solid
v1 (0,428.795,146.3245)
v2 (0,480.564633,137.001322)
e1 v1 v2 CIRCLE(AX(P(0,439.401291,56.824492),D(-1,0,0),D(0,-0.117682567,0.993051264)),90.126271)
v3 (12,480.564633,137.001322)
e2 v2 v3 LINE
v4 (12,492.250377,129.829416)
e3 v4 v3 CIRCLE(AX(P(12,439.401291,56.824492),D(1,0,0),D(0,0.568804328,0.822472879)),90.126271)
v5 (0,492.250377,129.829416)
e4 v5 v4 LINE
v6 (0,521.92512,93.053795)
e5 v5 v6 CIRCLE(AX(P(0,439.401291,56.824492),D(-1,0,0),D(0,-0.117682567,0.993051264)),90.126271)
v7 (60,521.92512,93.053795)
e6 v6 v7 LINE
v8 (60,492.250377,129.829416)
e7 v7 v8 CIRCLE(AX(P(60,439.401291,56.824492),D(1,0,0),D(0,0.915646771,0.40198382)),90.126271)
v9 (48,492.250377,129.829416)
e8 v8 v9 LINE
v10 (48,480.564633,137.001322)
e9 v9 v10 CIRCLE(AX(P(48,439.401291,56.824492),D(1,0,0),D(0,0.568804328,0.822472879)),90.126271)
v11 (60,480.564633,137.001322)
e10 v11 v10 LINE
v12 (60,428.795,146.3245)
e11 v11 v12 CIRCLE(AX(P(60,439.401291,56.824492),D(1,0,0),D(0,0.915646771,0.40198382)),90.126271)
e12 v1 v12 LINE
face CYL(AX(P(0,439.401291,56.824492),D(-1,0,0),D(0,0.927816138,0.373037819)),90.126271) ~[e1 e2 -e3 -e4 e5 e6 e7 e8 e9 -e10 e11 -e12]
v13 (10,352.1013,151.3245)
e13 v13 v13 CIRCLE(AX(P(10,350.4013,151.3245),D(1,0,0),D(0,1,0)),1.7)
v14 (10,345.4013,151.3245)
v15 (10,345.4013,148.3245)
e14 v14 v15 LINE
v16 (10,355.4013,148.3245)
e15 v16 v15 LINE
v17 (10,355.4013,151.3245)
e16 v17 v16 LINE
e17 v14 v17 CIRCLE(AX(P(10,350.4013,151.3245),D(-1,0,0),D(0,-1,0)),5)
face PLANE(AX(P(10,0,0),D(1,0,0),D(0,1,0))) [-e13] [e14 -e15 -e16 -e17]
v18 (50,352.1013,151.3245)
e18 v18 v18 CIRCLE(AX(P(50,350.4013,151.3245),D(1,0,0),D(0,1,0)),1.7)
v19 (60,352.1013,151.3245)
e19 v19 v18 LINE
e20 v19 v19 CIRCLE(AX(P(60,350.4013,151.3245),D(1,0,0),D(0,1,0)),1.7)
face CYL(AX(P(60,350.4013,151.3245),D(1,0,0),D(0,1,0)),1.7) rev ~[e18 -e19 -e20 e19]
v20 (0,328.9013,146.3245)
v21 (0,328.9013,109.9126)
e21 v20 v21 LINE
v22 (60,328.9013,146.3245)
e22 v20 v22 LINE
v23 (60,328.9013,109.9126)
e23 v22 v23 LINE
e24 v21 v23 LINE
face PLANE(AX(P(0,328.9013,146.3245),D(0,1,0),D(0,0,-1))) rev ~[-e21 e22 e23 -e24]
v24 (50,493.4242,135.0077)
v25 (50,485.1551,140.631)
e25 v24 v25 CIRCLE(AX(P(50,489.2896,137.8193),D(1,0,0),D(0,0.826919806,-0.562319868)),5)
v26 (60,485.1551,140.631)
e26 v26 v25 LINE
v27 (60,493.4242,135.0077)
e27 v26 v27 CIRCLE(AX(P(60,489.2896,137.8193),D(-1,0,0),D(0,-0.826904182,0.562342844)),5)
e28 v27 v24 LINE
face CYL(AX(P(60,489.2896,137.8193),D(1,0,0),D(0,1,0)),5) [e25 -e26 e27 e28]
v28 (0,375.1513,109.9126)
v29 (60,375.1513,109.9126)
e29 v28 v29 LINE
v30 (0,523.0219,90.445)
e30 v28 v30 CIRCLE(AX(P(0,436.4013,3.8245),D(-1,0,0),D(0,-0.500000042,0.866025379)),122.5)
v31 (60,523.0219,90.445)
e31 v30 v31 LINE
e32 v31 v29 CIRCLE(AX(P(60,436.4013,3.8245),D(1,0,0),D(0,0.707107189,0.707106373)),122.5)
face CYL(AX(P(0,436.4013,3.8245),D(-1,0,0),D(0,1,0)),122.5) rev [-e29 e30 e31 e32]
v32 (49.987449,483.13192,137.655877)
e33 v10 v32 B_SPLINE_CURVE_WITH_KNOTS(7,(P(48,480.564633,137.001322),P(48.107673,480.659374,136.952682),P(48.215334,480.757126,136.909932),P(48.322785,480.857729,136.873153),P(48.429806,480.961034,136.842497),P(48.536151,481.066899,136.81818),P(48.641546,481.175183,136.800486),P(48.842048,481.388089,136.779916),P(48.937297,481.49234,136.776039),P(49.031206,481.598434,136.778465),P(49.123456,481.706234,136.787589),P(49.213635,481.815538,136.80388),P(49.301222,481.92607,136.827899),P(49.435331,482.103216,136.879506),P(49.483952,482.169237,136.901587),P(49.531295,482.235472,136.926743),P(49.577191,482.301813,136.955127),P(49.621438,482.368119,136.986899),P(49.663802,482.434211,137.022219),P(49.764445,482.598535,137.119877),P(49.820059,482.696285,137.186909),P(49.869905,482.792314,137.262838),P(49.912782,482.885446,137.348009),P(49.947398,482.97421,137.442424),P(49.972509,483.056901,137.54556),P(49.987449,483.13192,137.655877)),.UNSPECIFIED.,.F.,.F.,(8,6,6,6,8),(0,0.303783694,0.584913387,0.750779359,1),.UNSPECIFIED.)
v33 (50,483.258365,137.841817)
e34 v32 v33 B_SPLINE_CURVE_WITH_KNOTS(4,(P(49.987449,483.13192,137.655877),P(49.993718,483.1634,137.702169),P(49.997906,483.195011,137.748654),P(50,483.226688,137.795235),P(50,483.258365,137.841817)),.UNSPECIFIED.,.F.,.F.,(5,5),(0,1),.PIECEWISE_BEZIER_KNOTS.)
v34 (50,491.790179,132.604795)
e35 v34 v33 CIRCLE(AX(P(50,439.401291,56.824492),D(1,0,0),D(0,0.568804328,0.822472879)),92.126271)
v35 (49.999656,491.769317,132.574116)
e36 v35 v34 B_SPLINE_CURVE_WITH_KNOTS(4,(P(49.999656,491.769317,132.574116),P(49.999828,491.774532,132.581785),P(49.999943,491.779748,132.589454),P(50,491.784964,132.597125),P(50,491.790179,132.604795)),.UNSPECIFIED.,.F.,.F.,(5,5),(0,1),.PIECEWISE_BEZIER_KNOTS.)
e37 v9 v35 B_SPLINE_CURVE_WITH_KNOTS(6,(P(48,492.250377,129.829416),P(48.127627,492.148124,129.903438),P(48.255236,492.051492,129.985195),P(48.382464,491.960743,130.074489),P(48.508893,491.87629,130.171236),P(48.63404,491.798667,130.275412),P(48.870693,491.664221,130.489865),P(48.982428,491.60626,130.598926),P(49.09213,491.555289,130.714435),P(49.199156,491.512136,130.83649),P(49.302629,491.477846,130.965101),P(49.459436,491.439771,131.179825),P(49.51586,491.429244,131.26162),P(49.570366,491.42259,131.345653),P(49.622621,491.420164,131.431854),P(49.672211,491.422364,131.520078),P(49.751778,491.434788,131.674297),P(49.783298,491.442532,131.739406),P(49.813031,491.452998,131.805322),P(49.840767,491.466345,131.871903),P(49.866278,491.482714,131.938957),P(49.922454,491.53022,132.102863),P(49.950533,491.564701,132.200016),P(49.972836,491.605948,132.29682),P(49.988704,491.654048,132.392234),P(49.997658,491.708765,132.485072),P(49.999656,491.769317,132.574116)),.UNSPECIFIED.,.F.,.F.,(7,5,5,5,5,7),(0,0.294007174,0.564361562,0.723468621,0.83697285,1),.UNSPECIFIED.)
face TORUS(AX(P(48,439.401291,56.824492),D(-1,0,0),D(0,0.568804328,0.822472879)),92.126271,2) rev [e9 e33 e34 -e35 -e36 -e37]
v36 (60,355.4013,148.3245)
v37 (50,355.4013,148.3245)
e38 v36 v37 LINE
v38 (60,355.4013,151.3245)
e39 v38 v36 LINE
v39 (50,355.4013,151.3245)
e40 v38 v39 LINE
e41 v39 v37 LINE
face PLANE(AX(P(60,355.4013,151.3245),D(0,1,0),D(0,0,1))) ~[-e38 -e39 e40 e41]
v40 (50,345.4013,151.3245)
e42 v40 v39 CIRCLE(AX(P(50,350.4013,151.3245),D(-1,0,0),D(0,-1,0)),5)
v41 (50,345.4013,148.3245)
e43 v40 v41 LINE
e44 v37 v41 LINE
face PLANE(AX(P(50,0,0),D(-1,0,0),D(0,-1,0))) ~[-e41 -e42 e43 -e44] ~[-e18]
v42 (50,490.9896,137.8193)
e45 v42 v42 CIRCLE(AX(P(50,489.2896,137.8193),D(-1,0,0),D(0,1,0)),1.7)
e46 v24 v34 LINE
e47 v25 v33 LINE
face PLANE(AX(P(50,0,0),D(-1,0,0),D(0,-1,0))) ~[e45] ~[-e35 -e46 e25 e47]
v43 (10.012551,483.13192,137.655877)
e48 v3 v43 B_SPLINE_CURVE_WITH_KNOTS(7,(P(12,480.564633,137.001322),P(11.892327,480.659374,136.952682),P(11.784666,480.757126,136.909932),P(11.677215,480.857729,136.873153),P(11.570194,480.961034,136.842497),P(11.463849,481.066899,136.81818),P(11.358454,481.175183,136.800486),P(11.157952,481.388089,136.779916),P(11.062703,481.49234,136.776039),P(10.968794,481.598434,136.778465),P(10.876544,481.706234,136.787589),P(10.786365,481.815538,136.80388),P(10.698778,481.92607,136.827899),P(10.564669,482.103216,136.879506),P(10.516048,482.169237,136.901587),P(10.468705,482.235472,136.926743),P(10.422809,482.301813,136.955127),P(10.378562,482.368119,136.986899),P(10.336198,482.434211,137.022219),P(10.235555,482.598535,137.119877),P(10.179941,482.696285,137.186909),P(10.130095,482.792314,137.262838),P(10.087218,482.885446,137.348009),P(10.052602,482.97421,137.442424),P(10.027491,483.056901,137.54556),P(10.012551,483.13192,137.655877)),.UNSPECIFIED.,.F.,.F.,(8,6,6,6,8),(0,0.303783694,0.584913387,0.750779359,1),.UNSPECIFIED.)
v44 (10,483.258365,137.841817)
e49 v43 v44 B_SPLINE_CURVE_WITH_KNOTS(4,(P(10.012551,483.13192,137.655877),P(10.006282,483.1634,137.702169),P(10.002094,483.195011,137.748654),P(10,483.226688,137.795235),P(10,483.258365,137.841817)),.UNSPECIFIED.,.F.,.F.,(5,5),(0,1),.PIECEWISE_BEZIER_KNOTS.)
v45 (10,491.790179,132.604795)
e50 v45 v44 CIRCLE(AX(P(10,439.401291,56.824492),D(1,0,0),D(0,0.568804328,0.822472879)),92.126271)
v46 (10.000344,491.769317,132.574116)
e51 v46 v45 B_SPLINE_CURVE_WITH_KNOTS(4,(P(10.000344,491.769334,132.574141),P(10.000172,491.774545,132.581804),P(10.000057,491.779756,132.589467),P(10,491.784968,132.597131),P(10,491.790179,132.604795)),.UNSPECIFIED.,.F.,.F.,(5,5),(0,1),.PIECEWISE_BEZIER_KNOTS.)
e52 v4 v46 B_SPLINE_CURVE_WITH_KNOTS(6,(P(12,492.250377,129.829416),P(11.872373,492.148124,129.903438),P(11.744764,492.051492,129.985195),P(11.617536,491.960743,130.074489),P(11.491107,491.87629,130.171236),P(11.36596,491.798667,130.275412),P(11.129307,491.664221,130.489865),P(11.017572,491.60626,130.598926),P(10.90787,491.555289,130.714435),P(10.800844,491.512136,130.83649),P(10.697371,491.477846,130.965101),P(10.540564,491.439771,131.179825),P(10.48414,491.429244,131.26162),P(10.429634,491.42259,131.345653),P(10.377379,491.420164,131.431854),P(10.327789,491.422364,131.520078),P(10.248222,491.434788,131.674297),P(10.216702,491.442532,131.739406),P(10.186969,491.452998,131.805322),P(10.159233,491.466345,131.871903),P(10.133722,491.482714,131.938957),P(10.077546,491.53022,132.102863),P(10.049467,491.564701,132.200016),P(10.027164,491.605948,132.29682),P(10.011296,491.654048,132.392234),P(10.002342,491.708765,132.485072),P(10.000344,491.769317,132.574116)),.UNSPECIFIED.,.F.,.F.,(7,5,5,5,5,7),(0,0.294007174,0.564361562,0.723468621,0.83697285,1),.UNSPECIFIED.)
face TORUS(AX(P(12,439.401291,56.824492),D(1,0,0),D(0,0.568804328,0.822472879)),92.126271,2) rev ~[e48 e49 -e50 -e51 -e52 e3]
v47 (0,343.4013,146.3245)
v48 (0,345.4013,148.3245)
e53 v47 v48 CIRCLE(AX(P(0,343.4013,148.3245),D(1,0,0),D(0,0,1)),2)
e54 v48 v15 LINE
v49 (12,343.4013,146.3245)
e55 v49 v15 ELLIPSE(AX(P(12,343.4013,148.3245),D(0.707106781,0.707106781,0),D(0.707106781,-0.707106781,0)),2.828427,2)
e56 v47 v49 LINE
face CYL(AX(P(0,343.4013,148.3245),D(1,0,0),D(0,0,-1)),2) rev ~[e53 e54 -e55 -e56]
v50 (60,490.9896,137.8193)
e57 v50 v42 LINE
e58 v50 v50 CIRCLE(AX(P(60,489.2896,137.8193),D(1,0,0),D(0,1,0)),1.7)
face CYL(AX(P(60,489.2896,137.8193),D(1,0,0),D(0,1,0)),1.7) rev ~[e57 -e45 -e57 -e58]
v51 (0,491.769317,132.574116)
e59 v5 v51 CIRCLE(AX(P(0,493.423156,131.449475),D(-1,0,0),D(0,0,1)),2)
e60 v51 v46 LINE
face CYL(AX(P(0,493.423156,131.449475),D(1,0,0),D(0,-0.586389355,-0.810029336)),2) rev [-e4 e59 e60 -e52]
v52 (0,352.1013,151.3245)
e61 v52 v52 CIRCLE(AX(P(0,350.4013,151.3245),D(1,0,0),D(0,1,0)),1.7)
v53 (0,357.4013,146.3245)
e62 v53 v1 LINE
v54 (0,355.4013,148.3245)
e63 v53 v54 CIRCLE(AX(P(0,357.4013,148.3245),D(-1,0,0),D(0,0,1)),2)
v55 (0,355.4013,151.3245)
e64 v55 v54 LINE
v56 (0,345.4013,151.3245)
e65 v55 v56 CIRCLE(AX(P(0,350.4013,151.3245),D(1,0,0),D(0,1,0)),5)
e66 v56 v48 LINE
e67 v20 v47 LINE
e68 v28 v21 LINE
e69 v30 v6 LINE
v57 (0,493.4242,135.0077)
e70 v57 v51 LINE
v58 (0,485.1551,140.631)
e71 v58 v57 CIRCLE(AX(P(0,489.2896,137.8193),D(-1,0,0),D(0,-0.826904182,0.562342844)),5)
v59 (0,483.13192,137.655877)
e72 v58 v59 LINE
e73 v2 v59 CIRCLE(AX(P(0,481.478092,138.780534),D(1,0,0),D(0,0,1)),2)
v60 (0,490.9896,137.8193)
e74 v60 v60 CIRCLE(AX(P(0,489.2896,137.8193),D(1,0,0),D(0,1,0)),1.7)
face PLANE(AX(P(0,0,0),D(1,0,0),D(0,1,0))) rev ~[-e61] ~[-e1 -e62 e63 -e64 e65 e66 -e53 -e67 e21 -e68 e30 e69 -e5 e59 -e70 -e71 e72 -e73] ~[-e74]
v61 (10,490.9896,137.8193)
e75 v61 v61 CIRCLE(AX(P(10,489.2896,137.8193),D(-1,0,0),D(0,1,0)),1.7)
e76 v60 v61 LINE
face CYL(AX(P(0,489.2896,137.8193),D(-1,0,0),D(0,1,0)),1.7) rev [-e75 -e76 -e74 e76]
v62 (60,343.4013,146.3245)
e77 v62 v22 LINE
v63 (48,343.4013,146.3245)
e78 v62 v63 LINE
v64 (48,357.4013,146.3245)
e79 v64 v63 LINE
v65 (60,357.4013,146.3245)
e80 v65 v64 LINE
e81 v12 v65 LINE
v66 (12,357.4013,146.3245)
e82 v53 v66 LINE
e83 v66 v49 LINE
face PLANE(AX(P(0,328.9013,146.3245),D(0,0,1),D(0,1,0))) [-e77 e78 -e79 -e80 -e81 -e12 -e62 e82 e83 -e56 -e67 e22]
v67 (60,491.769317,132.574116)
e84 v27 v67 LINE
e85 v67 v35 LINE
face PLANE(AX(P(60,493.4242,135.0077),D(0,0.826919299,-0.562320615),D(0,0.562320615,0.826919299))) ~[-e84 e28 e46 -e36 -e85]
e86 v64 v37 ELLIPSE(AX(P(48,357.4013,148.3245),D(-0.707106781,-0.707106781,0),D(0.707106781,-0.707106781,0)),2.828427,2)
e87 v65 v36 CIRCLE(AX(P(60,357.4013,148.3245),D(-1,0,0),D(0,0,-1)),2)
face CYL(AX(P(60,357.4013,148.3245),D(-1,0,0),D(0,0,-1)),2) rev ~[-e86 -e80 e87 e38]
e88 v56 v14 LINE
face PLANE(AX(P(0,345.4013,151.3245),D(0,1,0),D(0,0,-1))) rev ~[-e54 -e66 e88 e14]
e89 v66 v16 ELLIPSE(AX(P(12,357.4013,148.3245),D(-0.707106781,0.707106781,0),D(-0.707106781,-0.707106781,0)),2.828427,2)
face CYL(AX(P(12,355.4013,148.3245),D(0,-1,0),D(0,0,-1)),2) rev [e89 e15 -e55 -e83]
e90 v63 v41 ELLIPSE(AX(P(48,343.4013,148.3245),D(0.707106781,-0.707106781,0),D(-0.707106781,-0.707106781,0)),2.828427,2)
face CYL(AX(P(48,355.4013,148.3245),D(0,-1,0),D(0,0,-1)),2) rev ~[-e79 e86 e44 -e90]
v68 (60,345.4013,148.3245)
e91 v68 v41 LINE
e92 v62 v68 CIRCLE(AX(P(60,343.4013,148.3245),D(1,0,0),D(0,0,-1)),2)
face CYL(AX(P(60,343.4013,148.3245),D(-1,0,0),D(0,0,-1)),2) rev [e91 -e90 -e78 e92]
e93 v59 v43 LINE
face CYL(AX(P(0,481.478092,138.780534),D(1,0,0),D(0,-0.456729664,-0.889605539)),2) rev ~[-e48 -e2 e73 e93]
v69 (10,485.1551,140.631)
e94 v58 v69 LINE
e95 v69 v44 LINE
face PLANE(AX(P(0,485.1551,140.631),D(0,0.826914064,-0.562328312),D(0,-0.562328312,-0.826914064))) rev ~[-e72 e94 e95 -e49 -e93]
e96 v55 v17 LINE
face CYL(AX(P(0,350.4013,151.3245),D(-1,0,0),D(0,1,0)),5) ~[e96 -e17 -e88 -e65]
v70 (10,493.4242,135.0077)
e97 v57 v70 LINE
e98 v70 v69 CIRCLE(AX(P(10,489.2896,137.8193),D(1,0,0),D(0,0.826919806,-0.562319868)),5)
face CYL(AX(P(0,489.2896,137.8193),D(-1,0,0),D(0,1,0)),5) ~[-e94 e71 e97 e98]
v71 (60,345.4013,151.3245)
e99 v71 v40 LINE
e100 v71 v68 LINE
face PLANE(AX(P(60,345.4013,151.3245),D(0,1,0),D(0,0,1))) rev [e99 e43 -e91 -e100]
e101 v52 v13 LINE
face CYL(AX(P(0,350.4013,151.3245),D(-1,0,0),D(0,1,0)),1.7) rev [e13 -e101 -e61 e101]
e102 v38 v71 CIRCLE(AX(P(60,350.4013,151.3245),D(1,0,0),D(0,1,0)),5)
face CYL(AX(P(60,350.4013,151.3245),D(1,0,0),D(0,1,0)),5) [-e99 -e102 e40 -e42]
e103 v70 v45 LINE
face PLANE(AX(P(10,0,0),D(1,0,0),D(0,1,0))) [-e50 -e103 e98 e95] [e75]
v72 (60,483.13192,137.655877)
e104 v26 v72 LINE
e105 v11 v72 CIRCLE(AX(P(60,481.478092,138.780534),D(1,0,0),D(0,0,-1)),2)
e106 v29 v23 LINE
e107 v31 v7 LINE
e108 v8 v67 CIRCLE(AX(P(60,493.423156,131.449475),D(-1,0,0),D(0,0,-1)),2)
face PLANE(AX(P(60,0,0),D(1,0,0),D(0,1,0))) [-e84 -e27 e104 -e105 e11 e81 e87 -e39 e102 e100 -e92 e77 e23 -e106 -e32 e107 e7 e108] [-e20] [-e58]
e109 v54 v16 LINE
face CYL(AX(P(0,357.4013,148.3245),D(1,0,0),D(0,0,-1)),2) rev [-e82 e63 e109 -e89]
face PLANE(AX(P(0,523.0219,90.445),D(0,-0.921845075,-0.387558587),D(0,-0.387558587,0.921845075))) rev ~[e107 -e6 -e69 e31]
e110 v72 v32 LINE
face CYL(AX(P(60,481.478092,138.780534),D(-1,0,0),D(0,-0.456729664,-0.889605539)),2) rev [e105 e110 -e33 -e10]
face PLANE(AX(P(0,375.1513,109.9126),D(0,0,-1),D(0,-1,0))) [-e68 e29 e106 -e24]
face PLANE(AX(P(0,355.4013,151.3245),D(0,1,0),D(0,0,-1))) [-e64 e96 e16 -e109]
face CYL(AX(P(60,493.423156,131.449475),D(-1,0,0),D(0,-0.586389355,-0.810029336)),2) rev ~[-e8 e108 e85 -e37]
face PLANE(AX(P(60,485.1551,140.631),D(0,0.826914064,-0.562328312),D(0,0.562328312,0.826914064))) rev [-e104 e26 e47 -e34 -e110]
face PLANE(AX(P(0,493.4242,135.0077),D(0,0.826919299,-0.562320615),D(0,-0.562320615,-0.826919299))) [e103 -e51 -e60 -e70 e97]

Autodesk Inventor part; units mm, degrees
ref_plane "YZ Plane" through (0, 0, 0) normal (1, 0, 0) x (0, 1, 0)
ref_plane "XZ Plane" through (0, 0, 0) normal (0, 1, 0) x (-1, 0, 0)
sketch "スケッチ3" plane through (0, 0, 0) normal (1, 0, 0) x (0, 1, 0)
  circle A0 centre (436.4013, 3.8245) radius 122.5
  line L0 (299.9013, 146.3245) -> (303.9013, 146.3245)
  line L1 (303.9013, 146.3245) -> (303.9013, -202.8865)
  line L2 (303.9013, -202.8865) -> (299.9013, -202.8865)
  line L3 (299.9013, -202.8865) -> (299.9013, 146.3245)
  line L4 (436.4013, 3.8245) -> (523.0219, 90.445)
  line L5 (436.4013, 3.8245) -> (436.4013, 126.3245)
  line L6 (436.4013, 3.8245) -> (375.1513, 109.9126)
  line L7 (285.9013, 16.0245) -> (238.1013, 16.0245)
  line L8 (238.1013, 16.0245) -> (238.1013, -8.3755)
  line L9 (238.1013, -8.3755) -> (285.9013, -8.3755)
  line L10 (285.9013, -8.3755) -> (285.9013, 16.0245)
  line L11 (285.9013, 10.3245) -> (288.5013, 10.3245)
  line L12 (288.5013, 10.3245) -> (288.5013, -2.6755)
  line L13 (288.5013, -2.6755) -> (285.9013, -2.6755)
  line L14 (285.9013, -2.6755) -> (285.9013, 10.3245)
  line L15 (288.5013, 6.8245) -> (302.9013, 6.8245)
  line L16 (302.9013, 6.8245) -> (302.9013, 0.8245)
  line L17 (302.9013, 0.8245) -> (288.5013, 0.8245)
  line L18 (288.5013, 0.8245) -> (288.5013, 6.8245)
  line L19 (289.9013, 74.154) -> (285.9013, 74.154)
  line L20 (285.9013, 74.154) -> (285.9013, -68.3086)
  line L21 (285.9013, -68.3086) -> (289.9013, -68.3086)
  line L22 (289.9013, -68.3086) -> (289.9013, 74.154)
  line L23 (299.9013, 12.8245) -> (293.9013, 12.8245)
  line L24 (293.9013, 12.8245) -> (293.9013, -5.1755)
  line L25 (293.9013, -5.1755) -> (299.9013, -5.1755)
  line L26 (299.9013, -5.1755) -> (299.9013, 12.8245)
  line L27 (375.1513, 109.9126) -> (303.9013, 109.9126)
  circle A1 centre (-96.0987, 3.8245) radius 600
  line L28 (303.9013, 146.3245) -> (428.795, 146.3245)
  arc A2 (523.0219, 90.445) -> (428.795, 146.3245) centre (439.4013, 56.8245) ccw
  circle A3 centre (-96.0987, 3.8245) radius 400
  circle A4 centre (302.4013, 137.3245) radius 1.5
  circle A5 centre (302.4013, 119.3245) radius 1.5
  line L29 (303.9013, 109.9126) -> (299.9013, 109.9126)
  line L30 (303.9013, 146.3245) -> (318.9013, 146.3245)
  line L31 (318.9013, 146.3245) -> (318.9013, 109.9126)
  line L32 (318.9013, 109.9126) -> (303.9013, 109.9126)
  line L33 (303.9013, 109.9126) -> (303.9013, 146.3245)
  circle A6 centre (311.4013, 131.3245) radius 1.5
  circle A7 centre (311.4013, 116.3245) radius 1.5
  line L34 (328.9013, 146.3245) -> (328.9013, 109.9126)
  circle A8 centre (501.4013, 128.9702) radius 1.7
  circle A9 centre (350.4013, 151.3245) radius 1.7
  circle A10 centre (501.4013, 128.9702) radius 5
  circle A11 centre (350.4013, 151.3245) radius 5
  line L35 (345.4013, 151.3245) -> (345.4013, 146.3245)
  line L36 (355.4013, 151.3245) -> (355.4013, 146.3245)
  circle A12 centre (335.4013, 151.3245) radius 5
  circle A13 centre (335.4013, 151.3245) radius 1.7
  line L37 (328.9013, 146.3245) -> (328.9013, 156.3245)
  line L38 (328.9013, 156.3245) -> (436.4013, 156.3245)
  circle A14 centre (489.2896, 137.8193) radius 5
  circle A15 centre (489.2896, 137.8193) radius 1.7
  circle A16 centre (103.9013, 3.8245) radius 600
  line L39 (523.0219, 90.445) -> (506.0106, 130.908)
  line L40 (436.4013, 156.3245) -> (490.5132, 142.6673)
  line L41 (492.2393, 141.8565) -> (504.351, 133.0074)
  line L42 (485.1551, 140.631) -> (482.1278, 136.1793)
  line L43 (493.4242, 135.0077) -> (490.6655, 130.9509)
  point P0 (0, 0)
  point P1 (303.9013, 128.1185)
  point P2 (497.234, 131.733)
  point P3 (453.1551, 145.8951)
  point P4 (497.1922, 131.669)
  point P5 (463.1906, 143.7544)
  point P6 (497.2988, 131.8284)
  point P7 (497.321, 131.86)
  point P8 (350.4013, 156.3245)
  point P9 (350.4013, 146.3245)
  point P10 (498.1425, 125.1781)
  point P11 (521.9251, 93.054)
  dimension "d65" = 3
  dimension "d66" = 3
  dimension "d67" = 9
  dimension "d68" = 18
  dimension "d69" = 2.5
  dimension "d70" = 2.5
  dimension "d71" = 15
  dimension "d72" = 0
  dimension "d73" = 3
  dimension "d74" = 3
  dimension "d75" = 15
  dimension "d76" = 15
  dimension "d77" = 7.5
  dimension "d78" = 7.5
  dimension "d79" = 10
  dimension "d80" = 3.4
  dimension "d81" = 3.4
  dimension "d82" = 10
  dimension "d83" = 10
  dimension "d84" = 86
  dimension "d85" = 10
  dimension "d86" = 3.4
  dimension "d87" = 15
  dimension "d88" = 10
  dimension "d89" = 3.4
  dimension "d90" = 15
  dimension "d91" = 65
extrude "押し出し4" add sketch "スケッチ3" along normal blind 60 contours A0 A1 A2 L39 | A0 L27 L34 L28 A2 A1
extrude "押し出し5" add sketch "スケッチ3" along normal blind 10 contours A2 A14 A1 | A1 A14 L43 A2 | A14 A1 A15 | A1 A15 A14 | A2 L42 A14 | L35 A11 L28 | A11 | L28 A11 L36
fillet "フィレット2" radius 2 6 edges at (10, 350.4013, 146.3245) (5, 345.4013, 146.3245) (5, 355.4013, 146.3245) (5, 482.1278, 136.1793) (5, 490.6655, 130.9509) (10, 486.4693, 133.6838)
ref_plane "作業平面2" through (30, 0, 0) normal (1, 0, 0) x (0, 0, -1)
mirror "ミラー2" about plane through (30, 0, 0) normal (1, 0, 0) of "押し出し5", "フィレット2"
equation "\"d70\" = d69"
equation "\"d78\" = d77"
properties part number "hand-grab-v2-3DP-arm-C" material "ABS プラスチック"
